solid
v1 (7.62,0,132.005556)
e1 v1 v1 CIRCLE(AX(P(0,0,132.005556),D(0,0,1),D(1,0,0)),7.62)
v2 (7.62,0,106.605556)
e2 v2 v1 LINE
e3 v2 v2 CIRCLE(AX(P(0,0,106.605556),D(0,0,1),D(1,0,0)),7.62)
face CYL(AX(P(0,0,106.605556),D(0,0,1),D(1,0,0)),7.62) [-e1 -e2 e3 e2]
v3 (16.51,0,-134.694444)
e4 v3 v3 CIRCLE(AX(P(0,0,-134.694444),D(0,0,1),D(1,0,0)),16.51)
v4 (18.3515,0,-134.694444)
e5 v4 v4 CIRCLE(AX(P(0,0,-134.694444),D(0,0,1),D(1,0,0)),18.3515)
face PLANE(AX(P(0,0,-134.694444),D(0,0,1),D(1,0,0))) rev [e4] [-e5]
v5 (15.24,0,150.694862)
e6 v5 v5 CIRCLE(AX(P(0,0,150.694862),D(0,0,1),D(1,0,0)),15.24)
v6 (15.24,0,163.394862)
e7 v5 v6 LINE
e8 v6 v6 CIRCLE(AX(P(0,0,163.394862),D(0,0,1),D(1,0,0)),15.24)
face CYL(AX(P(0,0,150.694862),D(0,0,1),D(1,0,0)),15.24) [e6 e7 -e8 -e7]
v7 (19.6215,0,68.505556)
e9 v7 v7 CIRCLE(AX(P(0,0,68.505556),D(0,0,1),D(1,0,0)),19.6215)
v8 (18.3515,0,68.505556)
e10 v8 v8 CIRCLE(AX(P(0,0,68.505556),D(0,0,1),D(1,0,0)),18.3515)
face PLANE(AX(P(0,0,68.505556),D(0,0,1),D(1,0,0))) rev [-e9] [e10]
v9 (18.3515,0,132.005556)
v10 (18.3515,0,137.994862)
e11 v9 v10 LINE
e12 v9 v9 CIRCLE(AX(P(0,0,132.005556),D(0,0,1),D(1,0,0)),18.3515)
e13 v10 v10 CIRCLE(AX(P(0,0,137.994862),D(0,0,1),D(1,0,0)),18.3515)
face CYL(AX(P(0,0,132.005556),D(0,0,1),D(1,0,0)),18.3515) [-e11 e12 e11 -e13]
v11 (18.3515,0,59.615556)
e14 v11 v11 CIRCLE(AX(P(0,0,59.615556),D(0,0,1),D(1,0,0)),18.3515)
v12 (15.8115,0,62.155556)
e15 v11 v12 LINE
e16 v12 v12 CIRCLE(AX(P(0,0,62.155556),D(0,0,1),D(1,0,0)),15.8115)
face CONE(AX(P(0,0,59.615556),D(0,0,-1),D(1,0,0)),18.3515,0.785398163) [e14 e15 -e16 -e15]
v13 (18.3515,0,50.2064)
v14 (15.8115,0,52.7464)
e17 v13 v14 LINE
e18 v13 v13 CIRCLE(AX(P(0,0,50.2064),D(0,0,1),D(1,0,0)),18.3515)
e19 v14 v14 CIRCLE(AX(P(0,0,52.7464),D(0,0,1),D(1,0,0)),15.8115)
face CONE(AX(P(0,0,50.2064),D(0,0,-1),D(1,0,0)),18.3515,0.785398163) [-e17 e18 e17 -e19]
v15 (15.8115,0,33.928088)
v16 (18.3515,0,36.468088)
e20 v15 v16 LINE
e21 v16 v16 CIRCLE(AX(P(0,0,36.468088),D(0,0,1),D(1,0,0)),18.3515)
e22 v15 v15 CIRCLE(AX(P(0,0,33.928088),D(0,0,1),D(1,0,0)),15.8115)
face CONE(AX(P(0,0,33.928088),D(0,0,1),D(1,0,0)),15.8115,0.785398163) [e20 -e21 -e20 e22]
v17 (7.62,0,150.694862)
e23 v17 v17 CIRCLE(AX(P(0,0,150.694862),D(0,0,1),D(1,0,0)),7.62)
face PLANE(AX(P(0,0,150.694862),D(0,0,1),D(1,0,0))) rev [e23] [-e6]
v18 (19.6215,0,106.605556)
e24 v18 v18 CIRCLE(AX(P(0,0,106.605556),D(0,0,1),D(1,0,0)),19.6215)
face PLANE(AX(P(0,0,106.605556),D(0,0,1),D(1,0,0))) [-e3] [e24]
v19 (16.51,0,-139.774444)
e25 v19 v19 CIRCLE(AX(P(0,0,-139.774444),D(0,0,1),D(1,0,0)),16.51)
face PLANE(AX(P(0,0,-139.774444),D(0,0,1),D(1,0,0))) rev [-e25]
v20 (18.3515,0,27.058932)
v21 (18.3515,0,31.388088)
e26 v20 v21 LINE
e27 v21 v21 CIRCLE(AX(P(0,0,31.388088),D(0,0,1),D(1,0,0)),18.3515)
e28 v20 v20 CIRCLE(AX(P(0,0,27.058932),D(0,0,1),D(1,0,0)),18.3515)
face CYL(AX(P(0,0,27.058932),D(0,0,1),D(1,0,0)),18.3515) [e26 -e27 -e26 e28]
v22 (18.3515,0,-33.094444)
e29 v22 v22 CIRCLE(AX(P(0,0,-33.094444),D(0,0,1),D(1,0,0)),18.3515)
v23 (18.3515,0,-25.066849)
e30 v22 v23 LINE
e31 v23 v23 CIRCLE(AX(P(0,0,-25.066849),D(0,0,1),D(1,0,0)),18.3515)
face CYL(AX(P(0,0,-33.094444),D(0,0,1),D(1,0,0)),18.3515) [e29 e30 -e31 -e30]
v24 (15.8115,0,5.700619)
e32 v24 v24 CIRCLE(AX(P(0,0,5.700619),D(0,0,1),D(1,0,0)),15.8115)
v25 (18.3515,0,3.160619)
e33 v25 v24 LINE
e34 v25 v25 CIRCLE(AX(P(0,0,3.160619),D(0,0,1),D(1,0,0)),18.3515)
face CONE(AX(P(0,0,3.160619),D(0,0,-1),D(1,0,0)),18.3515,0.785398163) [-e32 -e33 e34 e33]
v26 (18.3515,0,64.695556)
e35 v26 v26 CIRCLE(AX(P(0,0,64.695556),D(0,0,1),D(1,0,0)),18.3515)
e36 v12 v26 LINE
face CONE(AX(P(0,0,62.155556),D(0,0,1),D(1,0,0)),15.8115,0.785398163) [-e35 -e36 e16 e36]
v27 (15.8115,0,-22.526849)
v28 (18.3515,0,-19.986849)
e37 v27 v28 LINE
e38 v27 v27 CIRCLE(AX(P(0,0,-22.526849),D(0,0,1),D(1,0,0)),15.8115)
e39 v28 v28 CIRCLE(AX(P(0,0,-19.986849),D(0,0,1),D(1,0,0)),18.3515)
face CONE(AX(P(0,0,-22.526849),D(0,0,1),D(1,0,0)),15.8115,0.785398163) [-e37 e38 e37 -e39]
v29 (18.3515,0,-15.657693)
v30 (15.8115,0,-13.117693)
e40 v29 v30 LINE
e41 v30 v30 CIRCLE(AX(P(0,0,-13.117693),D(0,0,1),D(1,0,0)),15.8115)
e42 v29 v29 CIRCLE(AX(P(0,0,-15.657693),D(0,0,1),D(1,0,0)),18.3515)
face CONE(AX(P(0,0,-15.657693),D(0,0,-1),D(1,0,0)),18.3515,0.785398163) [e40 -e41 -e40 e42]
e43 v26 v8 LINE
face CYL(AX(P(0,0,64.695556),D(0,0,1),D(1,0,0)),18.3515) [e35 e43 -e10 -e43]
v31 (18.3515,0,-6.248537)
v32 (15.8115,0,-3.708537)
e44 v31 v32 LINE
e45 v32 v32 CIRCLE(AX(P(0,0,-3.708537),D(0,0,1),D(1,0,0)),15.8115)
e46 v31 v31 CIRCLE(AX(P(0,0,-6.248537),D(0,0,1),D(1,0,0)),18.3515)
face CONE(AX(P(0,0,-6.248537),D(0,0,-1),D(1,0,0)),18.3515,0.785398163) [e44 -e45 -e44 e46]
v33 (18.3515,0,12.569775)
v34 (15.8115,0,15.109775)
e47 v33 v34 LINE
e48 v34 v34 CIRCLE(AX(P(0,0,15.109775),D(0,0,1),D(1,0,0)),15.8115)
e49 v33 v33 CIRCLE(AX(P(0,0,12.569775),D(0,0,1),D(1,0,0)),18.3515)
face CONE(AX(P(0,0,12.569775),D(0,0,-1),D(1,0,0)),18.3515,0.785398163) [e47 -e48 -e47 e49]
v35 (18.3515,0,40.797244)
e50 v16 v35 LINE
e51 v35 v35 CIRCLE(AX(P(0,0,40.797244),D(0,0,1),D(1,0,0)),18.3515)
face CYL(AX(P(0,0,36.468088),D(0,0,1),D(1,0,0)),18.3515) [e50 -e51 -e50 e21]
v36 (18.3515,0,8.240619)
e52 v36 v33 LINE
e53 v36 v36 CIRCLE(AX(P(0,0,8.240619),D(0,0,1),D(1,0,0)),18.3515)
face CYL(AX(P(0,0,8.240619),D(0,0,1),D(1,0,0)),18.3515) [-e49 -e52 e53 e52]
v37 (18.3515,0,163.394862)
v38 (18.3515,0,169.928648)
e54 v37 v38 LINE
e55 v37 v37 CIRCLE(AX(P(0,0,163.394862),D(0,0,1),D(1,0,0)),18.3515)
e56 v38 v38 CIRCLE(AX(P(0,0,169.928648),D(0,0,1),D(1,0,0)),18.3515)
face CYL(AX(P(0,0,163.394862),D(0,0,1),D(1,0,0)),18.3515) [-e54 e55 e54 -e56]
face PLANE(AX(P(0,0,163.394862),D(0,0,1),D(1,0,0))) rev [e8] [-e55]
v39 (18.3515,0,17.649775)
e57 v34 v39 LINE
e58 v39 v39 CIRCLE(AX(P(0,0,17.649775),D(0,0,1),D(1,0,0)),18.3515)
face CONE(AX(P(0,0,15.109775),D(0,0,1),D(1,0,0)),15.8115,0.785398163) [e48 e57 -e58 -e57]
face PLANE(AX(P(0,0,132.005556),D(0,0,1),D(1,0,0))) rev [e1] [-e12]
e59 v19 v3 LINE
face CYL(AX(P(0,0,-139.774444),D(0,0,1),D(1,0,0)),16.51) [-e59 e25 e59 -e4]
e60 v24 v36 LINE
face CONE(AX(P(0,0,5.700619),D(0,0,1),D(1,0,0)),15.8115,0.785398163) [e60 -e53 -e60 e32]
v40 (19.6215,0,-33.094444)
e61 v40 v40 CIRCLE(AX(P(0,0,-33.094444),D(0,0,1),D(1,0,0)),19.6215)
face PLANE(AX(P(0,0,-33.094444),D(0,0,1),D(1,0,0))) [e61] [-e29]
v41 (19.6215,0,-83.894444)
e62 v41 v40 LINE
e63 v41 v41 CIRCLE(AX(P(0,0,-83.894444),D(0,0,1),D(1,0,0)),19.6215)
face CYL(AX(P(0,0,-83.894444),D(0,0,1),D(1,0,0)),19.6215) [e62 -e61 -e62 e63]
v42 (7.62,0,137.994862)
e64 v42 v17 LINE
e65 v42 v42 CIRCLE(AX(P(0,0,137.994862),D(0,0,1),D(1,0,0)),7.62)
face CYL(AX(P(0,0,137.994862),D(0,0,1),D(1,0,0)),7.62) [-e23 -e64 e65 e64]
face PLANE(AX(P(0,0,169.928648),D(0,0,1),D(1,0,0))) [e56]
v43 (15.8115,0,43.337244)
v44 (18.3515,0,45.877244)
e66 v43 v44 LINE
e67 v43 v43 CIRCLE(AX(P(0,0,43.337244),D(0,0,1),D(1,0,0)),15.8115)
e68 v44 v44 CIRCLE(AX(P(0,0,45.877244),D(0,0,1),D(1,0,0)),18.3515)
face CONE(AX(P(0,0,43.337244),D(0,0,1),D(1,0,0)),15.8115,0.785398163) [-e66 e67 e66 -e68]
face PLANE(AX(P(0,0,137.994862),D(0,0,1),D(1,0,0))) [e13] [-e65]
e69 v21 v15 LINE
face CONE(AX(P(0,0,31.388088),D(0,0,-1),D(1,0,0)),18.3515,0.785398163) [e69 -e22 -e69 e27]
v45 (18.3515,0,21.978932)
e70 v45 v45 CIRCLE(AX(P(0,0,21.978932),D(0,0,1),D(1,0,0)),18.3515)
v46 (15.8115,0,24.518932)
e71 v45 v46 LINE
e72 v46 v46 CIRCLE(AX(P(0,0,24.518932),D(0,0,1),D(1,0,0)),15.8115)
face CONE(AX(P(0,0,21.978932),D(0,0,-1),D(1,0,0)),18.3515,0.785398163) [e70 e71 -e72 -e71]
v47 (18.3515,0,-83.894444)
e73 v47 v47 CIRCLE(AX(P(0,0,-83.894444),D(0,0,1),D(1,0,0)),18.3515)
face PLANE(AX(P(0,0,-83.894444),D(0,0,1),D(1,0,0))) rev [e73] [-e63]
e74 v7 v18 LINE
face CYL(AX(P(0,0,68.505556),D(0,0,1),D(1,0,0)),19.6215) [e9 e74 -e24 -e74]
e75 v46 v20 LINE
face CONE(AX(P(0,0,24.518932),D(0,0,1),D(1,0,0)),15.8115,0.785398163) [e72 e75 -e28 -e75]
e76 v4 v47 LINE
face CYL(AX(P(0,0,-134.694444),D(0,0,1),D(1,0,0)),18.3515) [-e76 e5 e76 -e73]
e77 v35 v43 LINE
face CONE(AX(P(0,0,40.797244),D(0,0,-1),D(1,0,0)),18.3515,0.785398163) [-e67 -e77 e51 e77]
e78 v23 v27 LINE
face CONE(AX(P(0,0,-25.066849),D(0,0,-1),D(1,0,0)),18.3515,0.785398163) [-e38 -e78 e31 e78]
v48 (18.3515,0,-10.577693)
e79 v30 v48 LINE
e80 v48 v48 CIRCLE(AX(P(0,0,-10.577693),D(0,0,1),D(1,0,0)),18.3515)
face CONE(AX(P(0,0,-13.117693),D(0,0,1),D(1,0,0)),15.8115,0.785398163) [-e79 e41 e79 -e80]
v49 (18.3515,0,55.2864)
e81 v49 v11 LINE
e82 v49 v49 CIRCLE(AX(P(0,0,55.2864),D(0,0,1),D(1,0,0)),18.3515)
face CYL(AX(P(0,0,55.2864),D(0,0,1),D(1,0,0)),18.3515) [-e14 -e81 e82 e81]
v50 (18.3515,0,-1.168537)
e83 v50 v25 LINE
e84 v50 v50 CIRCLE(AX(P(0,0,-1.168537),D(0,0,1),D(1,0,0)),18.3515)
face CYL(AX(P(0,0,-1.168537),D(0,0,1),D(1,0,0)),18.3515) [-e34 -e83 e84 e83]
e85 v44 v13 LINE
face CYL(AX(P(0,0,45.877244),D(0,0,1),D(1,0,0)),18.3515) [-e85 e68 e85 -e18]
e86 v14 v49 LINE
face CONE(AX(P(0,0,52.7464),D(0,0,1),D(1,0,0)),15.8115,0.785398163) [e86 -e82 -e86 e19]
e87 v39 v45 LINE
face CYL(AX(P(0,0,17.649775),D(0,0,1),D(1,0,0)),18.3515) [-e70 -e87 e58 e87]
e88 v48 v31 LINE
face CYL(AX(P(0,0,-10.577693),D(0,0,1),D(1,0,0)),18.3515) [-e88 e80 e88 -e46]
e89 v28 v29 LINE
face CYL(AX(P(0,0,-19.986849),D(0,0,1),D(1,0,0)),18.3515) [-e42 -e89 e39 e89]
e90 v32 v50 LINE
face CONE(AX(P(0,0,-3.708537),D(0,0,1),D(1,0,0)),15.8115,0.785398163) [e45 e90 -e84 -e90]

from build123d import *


with BuildPart() as f1:
    # F0 (on Front) → F1 (revolve)
    with BuildSketch(Plane.XZ):
        Polygon((18.3515, 169.928648), (0, 169.928648), (0, -139.774444), (16.51, -139.774444), (16.51, -134.694444), (18.3515, -134.694444), (18.3515, -83.894444), (19.6215, -83.894444), (19.6215, -33.094444), (18.3515, -33.094444), (18.3515, -25.066849), (15.8115, -22.526849), (18.3515, -19.986849), (18.3515, -15.657693), (15.8115, -13.117693), (18.3515, -10.577693), (18.3515, -6.248537), (15.8115, -3.708537), (18.3515, -1.168537), (18.3515, 3.160619), (15.8115, 5.700619), (18.3515, 8.240619), (18.3515, 12.569775), (15.8115, 15.109775), (18.3515, 17.649775), (18.3515, 21.978932), (15.8115, 24.518932), (18.3515, 27.058932), (18.3515, 31.388088), (15.8115, 33.928088), (18.3515, 36.468088), (18.3515, 40.797244), (15.8115, 43.337244), (18.3515, 45.877244), (18.3515, 50.2064), (15.8115, 52.7464), (18.3515, 55.2864), (18.3515, 59.615556), (15.8115, 62.155556), (18.3515, 64.695556), (18.3515, 68.505556), (19.6215, 68.505556), (19.6215, 106.605556), (18.3515, 106.605556), (7.62, 106.605556), (7.62, 132.005556), (18.3515, 132.005556), (18.3515, 137.994862), (7.62, 137.994862), (7.62, 150.694862), (15.24, 150.694862), (15.24, 163.394862), (18.3515, 163.394862), align=None)
    revolve(axis=Axis((0, 0, 15.077102), (0, 0, 1)))


solid = f1.part
